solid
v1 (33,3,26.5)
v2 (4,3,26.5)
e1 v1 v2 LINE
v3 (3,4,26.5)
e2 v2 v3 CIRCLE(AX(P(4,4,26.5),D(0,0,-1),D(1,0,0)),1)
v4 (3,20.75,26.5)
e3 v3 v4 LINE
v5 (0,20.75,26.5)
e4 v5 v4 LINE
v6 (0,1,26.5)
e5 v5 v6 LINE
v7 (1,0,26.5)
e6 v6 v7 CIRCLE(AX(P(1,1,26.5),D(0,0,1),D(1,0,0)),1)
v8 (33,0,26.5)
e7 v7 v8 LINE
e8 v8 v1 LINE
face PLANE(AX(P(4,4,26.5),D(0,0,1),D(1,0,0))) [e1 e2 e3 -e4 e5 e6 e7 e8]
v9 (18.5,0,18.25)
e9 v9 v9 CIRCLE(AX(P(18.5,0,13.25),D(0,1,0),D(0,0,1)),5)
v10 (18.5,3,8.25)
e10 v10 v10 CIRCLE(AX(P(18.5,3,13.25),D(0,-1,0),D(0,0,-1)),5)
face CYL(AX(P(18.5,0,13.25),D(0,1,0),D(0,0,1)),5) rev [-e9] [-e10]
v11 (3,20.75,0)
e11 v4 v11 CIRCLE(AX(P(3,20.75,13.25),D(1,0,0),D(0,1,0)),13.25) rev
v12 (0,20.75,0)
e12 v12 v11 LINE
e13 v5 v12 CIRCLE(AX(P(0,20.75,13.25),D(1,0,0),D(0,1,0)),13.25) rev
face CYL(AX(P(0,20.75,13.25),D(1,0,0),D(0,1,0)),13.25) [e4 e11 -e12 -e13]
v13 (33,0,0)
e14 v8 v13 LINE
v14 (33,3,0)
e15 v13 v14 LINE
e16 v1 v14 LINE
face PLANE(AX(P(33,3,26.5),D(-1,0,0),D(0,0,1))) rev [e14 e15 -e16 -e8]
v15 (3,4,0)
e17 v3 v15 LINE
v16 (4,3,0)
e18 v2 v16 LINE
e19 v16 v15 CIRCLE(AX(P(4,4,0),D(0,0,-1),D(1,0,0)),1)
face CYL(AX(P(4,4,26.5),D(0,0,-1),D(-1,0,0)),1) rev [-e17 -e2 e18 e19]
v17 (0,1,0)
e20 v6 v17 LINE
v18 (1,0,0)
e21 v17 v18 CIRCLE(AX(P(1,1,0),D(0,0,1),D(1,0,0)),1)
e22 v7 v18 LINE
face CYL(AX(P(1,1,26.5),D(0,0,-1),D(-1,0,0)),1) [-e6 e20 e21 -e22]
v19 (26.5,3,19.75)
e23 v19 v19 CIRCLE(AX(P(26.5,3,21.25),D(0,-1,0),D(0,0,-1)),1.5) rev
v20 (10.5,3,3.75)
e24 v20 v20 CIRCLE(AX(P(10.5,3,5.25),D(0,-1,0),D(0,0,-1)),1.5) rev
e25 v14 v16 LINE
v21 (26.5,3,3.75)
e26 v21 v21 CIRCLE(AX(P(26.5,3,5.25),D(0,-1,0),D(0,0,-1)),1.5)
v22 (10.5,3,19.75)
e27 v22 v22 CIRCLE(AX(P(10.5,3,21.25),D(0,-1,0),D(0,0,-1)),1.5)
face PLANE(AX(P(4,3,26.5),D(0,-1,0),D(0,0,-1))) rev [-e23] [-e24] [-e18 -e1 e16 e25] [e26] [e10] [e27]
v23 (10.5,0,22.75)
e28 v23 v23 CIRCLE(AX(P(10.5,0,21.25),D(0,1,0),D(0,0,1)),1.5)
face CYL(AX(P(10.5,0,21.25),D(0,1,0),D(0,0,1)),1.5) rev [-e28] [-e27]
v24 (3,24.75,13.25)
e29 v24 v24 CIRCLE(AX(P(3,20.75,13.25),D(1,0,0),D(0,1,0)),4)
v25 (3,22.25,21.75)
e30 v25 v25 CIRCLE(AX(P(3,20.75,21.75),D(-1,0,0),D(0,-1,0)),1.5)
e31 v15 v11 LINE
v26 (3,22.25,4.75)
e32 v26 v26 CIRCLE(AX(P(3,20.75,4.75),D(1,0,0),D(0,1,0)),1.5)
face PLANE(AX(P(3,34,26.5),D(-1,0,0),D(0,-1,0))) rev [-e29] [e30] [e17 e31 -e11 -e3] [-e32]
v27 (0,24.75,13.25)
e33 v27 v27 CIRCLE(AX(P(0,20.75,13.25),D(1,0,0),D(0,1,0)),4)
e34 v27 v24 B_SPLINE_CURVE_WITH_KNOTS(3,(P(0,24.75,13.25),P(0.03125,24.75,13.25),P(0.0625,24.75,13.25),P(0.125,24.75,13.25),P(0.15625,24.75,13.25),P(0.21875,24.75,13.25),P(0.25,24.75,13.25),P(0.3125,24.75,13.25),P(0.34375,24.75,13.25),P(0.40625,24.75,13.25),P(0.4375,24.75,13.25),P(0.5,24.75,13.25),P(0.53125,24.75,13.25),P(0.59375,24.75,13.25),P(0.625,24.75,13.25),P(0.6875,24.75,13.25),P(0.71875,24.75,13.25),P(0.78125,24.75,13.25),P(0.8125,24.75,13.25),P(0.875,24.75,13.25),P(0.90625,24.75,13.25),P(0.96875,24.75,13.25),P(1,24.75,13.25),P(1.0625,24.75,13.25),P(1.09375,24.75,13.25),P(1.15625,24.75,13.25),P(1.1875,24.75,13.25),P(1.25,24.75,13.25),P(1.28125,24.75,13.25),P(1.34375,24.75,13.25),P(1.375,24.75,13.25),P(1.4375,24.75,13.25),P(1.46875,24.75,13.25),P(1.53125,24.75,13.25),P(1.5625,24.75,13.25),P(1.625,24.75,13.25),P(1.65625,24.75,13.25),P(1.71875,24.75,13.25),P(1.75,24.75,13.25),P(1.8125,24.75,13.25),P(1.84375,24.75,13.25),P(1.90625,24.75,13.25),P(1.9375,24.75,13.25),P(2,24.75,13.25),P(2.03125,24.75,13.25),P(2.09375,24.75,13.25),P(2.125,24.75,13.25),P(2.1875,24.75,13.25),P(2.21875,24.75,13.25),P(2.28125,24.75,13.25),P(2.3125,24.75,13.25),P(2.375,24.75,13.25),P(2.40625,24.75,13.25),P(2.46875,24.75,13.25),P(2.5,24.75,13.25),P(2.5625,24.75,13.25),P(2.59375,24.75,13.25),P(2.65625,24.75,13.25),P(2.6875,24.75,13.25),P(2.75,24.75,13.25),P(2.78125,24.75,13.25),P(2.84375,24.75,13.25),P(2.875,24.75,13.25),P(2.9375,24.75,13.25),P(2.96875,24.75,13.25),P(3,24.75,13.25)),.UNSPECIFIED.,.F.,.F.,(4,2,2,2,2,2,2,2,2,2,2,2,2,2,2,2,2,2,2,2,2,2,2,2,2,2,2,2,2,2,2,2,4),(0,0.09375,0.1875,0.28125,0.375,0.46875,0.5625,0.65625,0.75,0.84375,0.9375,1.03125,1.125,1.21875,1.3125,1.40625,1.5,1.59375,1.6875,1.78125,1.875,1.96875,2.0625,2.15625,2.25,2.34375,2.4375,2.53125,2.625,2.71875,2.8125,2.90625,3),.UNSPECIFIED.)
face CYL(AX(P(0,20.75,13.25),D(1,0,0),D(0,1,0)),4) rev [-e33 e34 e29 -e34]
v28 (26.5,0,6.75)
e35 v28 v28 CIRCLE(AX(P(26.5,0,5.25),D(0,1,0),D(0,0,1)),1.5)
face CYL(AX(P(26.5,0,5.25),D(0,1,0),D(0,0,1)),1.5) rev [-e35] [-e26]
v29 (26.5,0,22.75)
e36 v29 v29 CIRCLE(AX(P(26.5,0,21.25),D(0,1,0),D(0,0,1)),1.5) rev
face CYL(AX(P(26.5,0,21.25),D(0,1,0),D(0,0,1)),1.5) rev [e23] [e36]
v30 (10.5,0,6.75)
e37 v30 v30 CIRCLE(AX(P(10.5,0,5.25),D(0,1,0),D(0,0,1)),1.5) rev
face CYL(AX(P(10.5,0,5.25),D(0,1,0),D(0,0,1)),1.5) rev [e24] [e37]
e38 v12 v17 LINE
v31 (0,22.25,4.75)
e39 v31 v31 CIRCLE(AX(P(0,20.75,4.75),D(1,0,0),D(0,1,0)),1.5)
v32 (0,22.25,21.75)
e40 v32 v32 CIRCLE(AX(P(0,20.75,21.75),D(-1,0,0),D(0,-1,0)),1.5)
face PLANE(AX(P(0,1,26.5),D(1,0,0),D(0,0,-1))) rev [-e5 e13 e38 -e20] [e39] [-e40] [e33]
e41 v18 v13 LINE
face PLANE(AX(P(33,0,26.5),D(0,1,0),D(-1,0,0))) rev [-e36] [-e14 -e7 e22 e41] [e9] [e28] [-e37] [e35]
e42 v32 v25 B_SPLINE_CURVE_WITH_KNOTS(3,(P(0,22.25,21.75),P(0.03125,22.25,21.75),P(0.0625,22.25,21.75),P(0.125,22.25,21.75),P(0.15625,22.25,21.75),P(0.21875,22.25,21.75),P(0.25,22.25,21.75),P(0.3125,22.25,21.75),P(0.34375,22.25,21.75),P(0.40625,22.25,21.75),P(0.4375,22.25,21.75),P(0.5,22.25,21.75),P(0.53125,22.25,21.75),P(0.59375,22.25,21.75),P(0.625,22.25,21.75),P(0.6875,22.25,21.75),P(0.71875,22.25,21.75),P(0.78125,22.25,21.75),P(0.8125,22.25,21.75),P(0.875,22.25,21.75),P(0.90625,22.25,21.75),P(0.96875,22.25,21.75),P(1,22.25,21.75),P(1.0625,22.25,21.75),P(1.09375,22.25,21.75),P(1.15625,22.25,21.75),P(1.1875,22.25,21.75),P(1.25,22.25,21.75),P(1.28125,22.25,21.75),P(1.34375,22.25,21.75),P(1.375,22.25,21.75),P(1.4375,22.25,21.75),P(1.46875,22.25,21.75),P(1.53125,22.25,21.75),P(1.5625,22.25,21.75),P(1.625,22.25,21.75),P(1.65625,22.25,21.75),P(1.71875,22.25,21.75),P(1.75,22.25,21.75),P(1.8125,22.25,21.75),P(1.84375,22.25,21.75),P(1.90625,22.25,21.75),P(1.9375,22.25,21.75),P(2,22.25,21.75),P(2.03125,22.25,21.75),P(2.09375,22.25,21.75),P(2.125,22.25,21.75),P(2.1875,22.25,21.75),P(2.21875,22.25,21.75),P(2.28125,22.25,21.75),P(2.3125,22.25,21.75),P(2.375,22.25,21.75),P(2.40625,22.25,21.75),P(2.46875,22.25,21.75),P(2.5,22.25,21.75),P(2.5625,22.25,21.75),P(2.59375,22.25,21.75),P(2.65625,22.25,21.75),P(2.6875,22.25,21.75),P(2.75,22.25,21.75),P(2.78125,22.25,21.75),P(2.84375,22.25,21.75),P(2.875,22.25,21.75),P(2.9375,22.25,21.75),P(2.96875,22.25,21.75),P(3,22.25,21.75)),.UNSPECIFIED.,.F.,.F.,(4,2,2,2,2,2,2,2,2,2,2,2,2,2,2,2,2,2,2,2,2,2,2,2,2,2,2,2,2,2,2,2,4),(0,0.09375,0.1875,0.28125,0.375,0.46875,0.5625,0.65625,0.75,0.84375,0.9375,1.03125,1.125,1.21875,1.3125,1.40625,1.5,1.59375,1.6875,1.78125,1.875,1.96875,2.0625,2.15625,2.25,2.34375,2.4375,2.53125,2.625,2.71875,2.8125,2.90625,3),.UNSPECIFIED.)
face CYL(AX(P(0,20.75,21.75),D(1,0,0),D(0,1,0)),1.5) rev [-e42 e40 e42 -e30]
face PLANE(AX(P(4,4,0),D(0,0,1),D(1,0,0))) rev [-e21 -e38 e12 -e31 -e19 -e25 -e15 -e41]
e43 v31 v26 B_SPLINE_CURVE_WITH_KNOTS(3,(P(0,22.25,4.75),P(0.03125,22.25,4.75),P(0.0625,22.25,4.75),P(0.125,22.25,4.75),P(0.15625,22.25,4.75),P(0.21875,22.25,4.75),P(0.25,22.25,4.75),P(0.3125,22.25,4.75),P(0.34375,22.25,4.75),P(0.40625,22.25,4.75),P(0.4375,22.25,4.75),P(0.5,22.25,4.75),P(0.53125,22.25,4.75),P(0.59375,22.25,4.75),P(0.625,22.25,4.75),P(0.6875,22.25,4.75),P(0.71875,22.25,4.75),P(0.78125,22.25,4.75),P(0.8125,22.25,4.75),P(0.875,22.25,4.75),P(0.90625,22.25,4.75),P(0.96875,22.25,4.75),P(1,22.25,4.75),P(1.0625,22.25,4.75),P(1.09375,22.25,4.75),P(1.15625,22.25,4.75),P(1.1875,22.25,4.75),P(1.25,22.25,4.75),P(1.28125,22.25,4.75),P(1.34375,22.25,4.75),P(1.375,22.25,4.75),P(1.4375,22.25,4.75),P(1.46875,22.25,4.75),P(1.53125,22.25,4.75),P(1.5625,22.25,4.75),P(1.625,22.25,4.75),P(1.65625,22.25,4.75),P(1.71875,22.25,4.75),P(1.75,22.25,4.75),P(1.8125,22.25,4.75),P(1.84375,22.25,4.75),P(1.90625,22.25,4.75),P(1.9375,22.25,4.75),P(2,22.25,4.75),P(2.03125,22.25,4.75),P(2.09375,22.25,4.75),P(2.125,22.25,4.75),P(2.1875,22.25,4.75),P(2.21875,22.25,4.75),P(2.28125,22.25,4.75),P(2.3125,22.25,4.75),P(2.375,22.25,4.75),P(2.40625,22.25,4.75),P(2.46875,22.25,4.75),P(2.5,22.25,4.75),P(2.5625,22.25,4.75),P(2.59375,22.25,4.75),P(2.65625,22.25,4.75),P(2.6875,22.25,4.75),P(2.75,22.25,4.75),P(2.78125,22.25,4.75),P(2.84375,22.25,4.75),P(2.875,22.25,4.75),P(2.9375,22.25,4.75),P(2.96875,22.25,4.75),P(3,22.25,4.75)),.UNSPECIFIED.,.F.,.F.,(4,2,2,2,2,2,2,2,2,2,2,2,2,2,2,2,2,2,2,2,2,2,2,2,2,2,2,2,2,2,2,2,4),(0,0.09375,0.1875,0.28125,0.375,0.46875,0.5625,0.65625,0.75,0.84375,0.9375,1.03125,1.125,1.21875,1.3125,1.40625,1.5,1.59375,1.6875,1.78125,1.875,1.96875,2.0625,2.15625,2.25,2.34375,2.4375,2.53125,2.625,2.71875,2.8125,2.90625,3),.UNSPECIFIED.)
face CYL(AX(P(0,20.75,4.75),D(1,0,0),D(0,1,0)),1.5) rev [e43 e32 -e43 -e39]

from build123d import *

# Parameters (mm, degrees)
EXTRUDE_1_DEPTH          = 26.5
SKETCH_3_R               = 1.5
CUT_EXTRUDE_1_DEPTH      = 53.519044165
SKETCH_3_3_R             = 4
CUT_EXTRUDE_2_DEPTH      = 53.519044165
CUT_EXTRUDE_3_DEPTH      = 53.46189093
CUT_EXTRUDE_3_DEPTH_BACK = 53.46189093
SKETCH_4_R               = 5
SKETCH_4_R_2             = 1.5


with BuildPart() as part:
    # 草图2 → 凸台-拉伸1 (new body)
    with BuildSketch(Plane.XY):
        with BuildLine():
            Line((0, 1), (0, 34))
            Line((0, 34), (3, 34))
            Line((3, 34), (3, 4))
            ThreePointArc((3, 4), (3.292893219, 3.292893219), (4, 3))
            Line((4, 3), (33, 3))
            Line((33, 3), (33, 0))
            Line((33, 0), (1, 0))
            ThreePointArc((1, 0), (0.292893219, 0.292893219), (0, 1))
        make_face()
    extrude(amount=EXTRUDE_1_DEPTH)

    # 草图3 → 切除-拉伸1 (cut, through all)
    with BuildSketch(Plane(origin=(3, 0, 0), x_dir=(0, 0, -1), z_dir=(1, 0, 0))):
        with Locations((-4.75, 20.75)):
            Circle(SKETCH_3_R)
        with BuildLine():
            ThreePointArc((-13.25, 34), (-3.880835149, 30.119164851), (0, 20.75))
            Line((0, 20.75), (0, 34))
            Line((0, 34), (-13.25, 34))
        make_face()
        with BuildLine():
            ThreePointArc((-26.5, 20.75), (-22.619164851, 30.119164851), (-13.25, 34))
            Line((-13.25, 34), (-26.5, 34))
            Line((-26.5, 34), (-26.5, 20.75))
        make_face()
        with Locations((-21.75, 20.75)):
            Circle(SKETCH_3_R)
    extrude(amount=-CUT_EXTRUDE_1_DEPTH, mode=Mode.SUBTRACT)

    # 草图3<3> → 切除-拉伸2 (cut, through all)
    with BuildSketch(Plane(origin=(3, 0, 0), x_dir=(0, 0, -1), z_dir=(1, 0, 0))):
        with Locations((-13.25, 20.75)):
            Circle(SKETCH_3_3_R)
    extrude(amount=-CUT_EXTRUDE_2_DEPTH, mode=Mode.SUBTRACT)

    # 草图4 → 切除-拉伸3 (cut, two sides: drawn at the far end of the back side and taken through both)
    with BuildSketch(Plane(origin=(0, 3, 0), x_dir=(1, 0, 0), z_dir=(0, 1, 0)).offset(-CUT_EXTRUDE_3_DEPTH_BACK)):
        with Locations((18.5, -13.25)):
            Circle(SKETCH_4_R)
        with Locations((26.5, -5.25)):
            Circle(SKETCH_4_R_2)
        with Locations((10.5, -5.25)):
            Circle(SKETCH_4_R_2)
        with Locations((10.5, -21.25)):
            Circle(SKETCH_4_R_2)
        with Locations((26.5, -21.25)):
            Circle(SKETCH_4_R_2)
    extrude(amount=CUT_EXTRUDE_3_DEPTH + CUT_EXTRUDE_3_DEPTH_BACK, mode=Mode.SUBTRACT)


solid = part.part
